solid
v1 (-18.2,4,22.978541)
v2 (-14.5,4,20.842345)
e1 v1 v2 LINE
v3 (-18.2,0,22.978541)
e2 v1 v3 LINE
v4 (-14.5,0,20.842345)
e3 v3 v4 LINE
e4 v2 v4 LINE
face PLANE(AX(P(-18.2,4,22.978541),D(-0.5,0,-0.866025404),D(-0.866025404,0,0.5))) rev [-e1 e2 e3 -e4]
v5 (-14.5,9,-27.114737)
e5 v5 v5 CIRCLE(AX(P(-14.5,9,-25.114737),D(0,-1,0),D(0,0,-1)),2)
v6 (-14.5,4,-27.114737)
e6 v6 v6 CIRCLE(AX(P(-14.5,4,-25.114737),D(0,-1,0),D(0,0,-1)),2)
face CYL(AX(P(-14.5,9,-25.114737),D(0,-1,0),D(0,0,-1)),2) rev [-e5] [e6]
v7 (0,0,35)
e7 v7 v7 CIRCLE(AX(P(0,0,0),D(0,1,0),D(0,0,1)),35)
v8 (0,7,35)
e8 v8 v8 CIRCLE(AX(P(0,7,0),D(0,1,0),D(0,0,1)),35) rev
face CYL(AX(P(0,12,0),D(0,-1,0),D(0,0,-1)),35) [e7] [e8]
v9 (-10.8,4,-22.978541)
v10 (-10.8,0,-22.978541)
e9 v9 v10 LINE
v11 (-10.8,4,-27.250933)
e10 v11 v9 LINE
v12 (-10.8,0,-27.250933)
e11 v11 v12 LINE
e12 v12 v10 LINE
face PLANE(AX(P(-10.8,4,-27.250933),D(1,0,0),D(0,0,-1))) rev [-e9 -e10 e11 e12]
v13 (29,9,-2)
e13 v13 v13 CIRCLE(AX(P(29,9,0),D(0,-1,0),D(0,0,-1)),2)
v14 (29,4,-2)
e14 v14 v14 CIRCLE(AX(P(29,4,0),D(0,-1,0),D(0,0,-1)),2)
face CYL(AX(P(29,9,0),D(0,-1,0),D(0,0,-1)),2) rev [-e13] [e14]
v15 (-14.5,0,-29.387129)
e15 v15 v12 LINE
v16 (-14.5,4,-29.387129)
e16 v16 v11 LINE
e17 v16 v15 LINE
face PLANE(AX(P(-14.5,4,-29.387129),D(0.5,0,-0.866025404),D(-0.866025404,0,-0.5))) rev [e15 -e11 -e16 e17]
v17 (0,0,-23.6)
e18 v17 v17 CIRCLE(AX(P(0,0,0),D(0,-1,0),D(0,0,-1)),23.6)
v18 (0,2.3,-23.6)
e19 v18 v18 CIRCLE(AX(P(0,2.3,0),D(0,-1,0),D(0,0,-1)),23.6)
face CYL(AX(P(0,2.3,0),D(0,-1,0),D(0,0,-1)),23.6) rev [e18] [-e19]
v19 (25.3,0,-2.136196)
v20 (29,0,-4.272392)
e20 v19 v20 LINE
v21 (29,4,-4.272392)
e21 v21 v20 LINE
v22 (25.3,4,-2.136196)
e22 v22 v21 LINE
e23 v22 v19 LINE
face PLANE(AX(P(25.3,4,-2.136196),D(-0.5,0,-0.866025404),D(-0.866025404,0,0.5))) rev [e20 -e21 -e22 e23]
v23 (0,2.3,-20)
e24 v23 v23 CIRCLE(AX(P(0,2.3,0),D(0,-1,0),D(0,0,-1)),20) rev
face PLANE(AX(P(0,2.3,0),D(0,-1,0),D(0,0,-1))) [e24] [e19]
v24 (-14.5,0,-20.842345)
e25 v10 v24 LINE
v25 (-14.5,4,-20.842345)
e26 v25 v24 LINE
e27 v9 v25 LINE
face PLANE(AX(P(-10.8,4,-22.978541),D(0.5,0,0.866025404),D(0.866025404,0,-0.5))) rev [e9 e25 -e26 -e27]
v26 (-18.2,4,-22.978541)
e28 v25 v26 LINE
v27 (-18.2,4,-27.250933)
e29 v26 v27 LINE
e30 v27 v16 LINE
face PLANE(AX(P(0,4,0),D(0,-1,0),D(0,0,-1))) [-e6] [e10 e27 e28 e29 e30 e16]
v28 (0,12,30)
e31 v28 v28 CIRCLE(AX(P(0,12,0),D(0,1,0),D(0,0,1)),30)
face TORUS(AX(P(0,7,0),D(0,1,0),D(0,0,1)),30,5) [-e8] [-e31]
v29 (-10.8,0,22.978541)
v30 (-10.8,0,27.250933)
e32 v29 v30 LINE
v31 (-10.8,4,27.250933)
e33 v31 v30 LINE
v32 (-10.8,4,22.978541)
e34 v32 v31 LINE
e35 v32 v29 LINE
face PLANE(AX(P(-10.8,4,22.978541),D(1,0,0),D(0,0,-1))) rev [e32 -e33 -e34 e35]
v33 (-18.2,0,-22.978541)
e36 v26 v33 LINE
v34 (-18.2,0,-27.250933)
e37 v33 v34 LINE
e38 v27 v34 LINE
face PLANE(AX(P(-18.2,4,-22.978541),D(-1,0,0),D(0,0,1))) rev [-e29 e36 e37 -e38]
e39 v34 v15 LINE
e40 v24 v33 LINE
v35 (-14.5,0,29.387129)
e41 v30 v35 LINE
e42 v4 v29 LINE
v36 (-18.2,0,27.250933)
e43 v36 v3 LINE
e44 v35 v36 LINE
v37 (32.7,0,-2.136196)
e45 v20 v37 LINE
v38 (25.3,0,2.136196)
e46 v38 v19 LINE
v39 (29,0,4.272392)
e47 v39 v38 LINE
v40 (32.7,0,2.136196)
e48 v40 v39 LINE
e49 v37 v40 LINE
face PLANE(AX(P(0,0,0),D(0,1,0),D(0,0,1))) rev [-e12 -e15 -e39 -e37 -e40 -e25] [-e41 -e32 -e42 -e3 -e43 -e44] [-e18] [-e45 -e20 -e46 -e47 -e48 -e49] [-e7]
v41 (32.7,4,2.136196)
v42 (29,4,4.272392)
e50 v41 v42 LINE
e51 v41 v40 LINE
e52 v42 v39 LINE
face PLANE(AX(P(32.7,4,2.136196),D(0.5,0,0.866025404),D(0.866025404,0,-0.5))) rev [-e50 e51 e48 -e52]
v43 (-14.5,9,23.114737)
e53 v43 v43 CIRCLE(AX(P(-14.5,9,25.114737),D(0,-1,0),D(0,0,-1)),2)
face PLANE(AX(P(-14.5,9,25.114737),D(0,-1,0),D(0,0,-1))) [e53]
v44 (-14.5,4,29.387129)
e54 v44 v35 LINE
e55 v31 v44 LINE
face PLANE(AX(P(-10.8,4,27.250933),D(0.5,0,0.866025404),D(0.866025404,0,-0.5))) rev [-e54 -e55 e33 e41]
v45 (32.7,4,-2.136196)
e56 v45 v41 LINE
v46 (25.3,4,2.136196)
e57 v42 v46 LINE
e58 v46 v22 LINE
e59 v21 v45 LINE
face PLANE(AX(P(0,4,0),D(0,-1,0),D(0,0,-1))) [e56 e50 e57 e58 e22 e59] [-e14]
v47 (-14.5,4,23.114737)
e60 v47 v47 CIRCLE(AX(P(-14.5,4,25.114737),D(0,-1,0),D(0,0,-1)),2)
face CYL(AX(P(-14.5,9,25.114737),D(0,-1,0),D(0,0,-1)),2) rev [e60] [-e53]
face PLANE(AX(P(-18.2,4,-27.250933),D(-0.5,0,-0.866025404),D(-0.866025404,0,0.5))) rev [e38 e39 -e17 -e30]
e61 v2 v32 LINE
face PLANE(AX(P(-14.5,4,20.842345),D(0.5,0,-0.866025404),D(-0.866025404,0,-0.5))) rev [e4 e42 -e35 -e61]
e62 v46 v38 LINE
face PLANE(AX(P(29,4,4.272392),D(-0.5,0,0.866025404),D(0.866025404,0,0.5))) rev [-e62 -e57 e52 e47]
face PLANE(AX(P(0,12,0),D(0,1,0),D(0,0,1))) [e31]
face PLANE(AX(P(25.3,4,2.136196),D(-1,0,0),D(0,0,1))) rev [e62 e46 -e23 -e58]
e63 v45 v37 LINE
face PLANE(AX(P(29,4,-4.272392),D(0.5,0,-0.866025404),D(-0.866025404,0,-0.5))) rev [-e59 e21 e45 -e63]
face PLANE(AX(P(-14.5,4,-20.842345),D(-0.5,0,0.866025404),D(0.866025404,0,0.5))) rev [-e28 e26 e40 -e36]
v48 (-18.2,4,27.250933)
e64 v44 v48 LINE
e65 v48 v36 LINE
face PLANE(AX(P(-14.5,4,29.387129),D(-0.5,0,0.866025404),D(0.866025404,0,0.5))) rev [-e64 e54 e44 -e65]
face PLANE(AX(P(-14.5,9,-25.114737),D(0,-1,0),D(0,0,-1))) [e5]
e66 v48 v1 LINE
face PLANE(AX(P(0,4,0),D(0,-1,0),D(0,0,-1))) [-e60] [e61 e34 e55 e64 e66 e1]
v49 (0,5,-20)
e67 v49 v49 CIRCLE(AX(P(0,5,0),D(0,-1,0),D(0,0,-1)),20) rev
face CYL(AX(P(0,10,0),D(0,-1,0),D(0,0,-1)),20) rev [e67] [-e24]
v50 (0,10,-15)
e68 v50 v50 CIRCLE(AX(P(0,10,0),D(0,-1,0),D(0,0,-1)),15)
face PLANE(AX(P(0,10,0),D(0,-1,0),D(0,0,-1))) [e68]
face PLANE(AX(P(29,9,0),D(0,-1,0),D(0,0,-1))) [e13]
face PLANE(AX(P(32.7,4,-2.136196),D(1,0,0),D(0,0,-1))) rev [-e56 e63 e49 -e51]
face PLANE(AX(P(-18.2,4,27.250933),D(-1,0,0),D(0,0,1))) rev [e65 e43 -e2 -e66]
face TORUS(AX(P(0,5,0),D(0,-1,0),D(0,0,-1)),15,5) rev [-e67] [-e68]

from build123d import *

# Parameters (mm, degrees)
SKETCH_1_R          = 35
EXTRUDE_1_DEPTH     = 12
CUT_EXTRUDE_1_DEPTH = 4
SKETCH_3_R          = 2
CUT_EXTRUDE_2_DEPTH = 5
FILLET_1_R          = 5
SKETCH_4_R          = 20
CUT_EXTRUDE_3_DEPTH = 10
FILLET_2_R          = 5
SKETCH_5_R          = 23.6
CUT_EXTRUDE_4_DEPTH = 2.3


with BuildPart() as part:
    # 草图1 → 凸台-拉伸1 (new body)
    with BuildSketch(Plane(origin=(0, 0, 0), x_dir=(1, 0, 0), z_dir=(0, 1, 0))):
        with Locations(Location((0, 0, 0), (0, 0, 270))):
            Circle(SKETCH_1_R)
    extrude(amount=EXTRUDE_1_DEPTH)

    # 草图2 → 切除-拉伸1 (cut)
    with BuildSketch(Plane.XZ):
        Polygon((-18.2, -27.250932706), (-14.5, -29.387128702), (-10.8, -27.250932706), (-10.8, -22.978540714), (-14.5, -20.842344718), (-18.2, -22.978540714), align=None)
        Polygon((32.7, -2.136195996), (32.7, 2.136195996), (29, 4.272391992), (25.3, 2.136195996), (25.3, -2.136195996), (29, -4.272391992), align=None)
        Polygon((-14.5, 29.387128702), (-18.2, 27.250932706), (-18.2, 22.978540714), (-14.5, 20.842344718), (-10.8, 22.978540714), (-10.8, 27.250932706), align=None)
    extrude(amount=-CUT_EXTRUDE_1_DEPTH, mode=Mode.SUBTRACT)

    # 草图3 → 切除-拉伸2 (cut)
    with BuildSketch(Plane.XZ.offset(-4)):
        with Locations(Location((29, 0, 0), (0, 0, 270))):
            Circle(SKETCH_3_R)
        with Locations(Location((-14.5, -25.11473671, 0), (0, 0, 270))):
            Circle(SKETCH_3_R)
        with Locations(Location((-14.5, 25.11473671, 0), (0, 0, 270))):
            Circle(SKETCH_3_R)
    extrude(amount=-CUT_EXTRUDE_2_DEPTH, mode=Mode.SUBTRACT)

    # 圆角1
    fillet_1_edges = [part.edges().sort_by_distance(p)[0] for p in [
        (0, 12, -35),
    ]]
    fillet(fillet_1_edges, radius=FILLET_1_R)

    # 草图4 → 切除-拉伸3 (cut)
    with BuildSketch(Plane.XZ):
        with Locations(Location((0, 0, 0), (0, 0, 270))):
            Circle(SKETCH_4_R)
    extrude(amount=-CUT_EXTRUDE_3_DEPTH, mode=Mode.SUBTRACT)

    # 圆角2
    fillet_2_edges = [part.edges().sort_by_distance(p)[0] for p in [
        (0, 10, 20),
    ]]
    fillet(fillet_2_edges, radius=FILLET_2_R)

    # 草图5 → 切除-拉伸4 (cut)
    with BuildSketch(Plane.XZ):
        with Locations(Location((0, 0, 0), (0, 0, 270))):
            Circle(SKETCH_5_R)
    extrude(amount=-CUT_EXTRUDE_4_DEPTH, mode=Mode.SUBTRACT)


solid = part.part
